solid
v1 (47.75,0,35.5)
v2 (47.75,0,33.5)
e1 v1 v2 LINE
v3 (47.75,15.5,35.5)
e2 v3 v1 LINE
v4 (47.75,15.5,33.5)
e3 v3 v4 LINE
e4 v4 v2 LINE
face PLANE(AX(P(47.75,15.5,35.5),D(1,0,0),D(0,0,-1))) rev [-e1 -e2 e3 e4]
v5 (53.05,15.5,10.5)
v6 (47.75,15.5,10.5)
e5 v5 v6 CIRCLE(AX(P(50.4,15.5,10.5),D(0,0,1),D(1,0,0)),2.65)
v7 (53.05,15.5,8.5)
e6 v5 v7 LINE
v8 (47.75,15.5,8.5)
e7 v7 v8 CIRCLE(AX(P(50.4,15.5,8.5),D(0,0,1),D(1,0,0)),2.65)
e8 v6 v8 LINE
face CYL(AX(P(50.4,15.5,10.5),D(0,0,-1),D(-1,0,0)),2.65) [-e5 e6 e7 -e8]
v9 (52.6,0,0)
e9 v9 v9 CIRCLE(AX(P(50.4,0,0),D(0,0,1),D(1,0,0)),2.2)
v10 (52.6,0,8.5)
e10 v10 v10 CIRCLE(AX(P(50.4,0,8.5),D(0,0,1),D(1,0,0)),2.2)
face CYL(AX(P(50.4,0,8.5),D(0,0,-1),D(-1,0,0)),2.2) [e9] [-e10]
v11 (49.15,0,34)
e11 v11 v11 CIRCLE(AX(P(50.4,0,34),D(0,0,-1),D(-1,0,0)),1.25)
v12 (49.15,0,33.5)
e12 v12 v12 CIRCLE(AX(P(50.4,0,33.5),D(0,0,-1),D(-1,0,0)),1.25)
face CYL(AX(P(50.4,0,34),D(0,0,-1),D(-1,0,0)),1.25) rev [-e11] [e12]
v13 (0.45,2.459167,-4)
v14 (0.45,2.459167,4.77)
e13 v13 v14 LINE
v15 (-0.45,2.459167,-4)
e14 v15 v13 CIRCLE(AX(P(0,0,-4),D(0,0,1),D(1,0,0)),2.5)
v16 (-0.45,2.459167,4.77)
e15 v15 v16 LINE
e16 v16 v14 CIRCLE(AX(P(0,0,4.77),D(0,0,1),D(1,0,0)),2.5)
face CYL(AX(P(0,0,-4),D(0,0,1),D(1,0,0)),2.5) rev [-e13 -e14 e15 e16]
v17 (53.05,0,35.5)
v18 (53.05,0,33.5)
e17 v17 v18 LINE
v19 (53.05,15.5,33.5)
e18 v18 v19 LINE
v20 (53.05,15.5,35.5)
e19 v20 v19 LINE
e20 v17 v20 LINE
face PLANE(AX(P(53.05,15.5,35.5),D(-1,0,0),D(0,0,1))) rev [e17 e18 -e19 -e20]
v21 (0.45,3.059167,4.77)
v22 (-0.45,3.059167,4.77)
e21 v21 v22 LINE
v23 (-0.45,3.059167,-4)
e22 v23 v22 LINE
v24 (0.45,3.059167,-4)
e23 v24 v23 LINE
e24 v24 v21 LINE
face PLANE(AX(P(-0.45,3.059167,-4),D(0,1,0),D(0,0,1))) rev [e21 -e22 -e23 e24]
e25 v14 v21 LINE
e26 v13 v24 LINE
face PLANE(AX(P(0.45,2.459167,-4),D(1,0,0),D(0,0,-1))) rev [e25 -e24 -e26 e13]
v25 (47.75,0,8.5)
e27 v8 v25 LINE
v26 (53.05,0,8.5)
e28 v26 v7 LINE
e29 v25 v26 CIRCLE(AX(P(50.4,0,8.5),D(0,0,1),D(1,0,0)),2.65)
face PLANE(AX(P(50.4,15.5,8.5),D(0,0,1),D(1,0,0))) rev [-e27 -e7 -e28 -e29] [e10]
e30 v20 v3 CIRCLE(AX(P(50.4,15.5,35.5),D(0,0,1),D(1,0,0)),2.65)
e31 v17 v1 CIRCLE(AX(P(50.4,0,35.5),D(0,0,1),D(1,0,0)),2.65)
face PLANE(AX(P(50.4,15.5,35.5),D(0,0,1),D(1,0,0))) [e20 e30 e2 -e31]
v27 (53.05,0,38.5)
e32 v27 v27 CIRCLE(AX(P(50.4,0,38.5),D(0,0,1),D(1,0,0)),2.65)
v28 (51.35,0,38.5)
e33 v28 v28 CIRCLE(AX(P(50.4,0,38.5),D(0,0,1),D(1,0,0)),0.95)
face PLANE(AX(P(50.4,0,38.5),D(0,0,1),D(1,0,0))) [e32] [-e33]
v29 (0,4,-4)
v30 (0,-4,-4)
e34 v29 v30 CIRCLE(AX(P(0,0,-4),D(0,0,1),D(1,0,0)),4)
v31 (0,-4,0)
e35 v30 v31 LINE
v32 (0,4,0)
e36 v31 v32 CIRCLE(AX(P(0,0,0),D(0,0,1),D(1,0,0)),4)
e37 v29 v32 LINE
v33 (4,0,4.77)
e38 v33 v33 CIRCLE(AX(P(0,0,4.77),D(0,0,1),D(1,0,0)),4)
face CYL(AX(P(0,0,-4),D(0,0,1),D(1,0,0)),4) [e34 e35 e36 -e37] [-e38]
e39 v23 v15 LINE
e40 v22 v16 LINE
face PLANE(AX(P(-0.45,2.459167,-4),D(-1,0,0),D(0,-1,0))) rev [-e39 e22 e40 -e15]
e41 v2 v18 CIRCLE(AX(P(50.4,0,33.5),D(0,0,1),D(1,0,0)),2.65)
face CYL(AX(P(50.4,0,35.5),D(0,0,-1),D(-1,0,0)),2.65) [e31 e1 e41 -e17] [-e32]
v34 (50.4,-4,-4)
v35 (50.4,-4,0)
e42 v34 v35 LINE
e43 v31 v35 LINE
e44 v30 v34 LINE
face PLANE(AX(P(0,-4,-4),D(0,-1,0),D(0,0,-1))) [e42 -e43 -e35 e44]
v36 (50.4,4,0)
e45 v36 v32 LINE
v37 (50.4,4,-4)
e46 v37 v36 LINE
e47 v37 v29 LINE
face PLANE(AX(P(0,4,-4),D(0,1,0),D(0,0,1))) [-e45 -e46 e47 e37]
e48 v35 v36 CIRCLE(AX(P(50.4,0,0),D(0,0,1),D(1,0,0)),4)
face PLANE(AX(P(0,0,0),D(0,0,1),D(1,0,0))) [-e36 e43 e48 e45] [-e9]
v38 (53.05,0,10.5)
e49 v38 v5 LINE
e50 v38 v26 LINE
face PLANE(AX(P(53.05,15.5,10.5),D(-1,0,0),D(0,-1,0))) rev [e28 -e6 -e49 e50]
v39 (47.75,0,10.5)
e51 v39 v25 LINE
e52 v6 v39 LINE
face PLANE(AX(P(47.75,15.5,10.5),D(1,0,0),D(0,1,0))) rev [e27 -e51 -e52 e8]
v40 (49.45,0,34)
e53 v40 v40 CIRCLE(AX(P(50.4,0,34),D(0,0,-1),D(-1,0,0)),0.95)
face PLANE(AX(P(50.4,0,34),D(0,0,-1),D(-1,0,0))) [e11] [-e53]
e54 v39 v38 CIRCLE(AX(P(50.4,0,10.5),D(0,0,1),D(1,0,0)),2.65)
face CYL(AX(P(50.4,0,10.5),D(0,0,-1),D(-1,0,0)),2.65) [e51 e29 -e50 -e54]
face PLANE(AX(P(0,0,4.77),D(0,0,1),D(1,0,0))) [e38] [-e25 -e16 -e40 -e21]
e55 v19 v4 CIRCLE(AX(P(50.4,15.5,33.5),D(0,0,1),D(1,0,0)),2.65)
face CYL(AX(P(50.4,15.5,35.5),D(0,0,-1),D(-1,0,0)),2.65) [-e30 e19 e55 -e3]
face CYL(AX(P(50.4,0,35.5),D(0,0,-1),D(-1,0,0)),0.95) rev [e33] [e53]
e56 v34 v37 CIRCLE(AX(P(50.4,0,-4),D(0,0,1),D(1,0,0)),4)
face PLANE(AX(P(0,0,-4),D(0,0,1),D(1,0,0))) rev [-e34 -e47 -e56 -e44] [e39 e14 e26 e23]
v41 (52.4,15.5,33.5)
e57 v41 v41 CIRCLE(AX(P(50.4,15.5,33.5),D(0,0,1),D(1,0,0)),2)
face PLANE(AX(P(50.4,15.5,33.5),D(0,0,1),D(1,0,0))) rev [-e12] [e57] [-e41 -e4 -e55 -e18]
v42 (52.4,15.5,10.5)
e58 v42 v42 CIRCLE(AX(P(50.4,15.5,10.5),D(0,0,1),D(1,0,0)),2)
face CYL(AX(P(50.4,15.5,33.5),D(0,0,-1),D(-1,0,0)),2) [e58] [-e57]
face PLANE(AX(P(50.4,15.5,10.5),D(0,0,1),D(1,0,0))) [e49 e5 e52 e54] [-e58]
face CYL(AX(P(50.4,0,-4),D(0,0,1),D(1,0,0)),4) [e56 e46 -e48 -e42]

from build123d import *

# Parameters (mm, degrees)
SALIENTE_EXTRUIR1_DEPTH = 4
SALIENTE_EXTRUIR2_START = 4.77
CROQUIS2_R              = 4
SALIENTE_EXTRUIR2_DEPTH = 4.77
CROQUIS3_R              = 2.2
SALIENTE_EXTRUIR3_DEPTH = 8.5
SALIENTE_EXTRUIR4_DEPTH = 2
CROQUIS5_R              = 2
SALIENTE_EXTRUIR5_DEPTH = 23
CROQUIS6_R              = 0.95
SALIENTE_EXTRUIR6_DEPTH = 2
CROQUIS7_R              = 2.65
CROQUIS7_R_2            = 0.95
SALIENTE_EXTRUIR7_DEPTH = 3
CROQUIS8_R              = 1.25
CORTAR_EXTRUIR1_DEPTH   = 0.5


with BuildPart() as part:
    # Croquis1 → Saliente-Extruir1 (new body)
    with BuildSketch(Plane.XY):
        with BuildLine():
            Line((0, 4), (50.4, 4))
            ThreePointArc((50.4, 4), (54.4, 0), (50.4, -4))
            Line((50.4, -4), (0, -4))
            ThreePointArc((0, -4), (-4, 0), (0, 4))
        make_face()
        with BuildLine():
            Line((-0.45, 2.459166525), (-0.45, 3.059166525))
            Line((-0.45, 3.059166525), (0.45, 3.059166525))
            Line((0.45, 3.059166525), (0.45, 2.459166525))
            ThreePointArc((0.45, 2.459166525), (0, -2.5), (-0.45, 2.459166525))
        make_face(mode=Mode.SUBTRACT)
    extrude(amount=-SALIENTE_EXTRUIR1_DEPTH)

    # Croquis2 → Saliente-Extruir2 (add)
    with BuildSketch(Plane.XY.offset(SALIENTE_EXTRUIR2_START)):
        Circle(CROQUIS2_R)
        with BuildLine():
            Line((-0.45, 3.059166525), (-0.45, 2.459166525))
            ThreePointArc((-0.45, 2.459166525), (0, -2.5), (0.45, 2.459166525))
            Line((0.45, 2.459166525), (0.45, 3.059166525))
            Line((0.45, 3.059166525), (-0.45, 3.059166525))
        make_face(mode=Mode.SUBTRACT)
    extrude(amount=-SALIENTE_EXTRUIR2_DEPTH)

    # Croquis3 → Saliente-Extruir3 (add)
    with BuildSketch(Plane.XY):
        with Locations((50.4, 0)):
            Circle(CROQUIS3_R)
    extrude(amount=SALIENTE_EXTRUIR3_DEPTH)

    # Croquis4 → Saliente-Extruir4 (add)
    with BuildSketch(Plane.XY.offset(8.5)):
        with BuildLine():
            Line((47.75, 15.5), (47.75, 0))
            ThreePointArc((47.75, 0), (50.4, -2.65), (53.05, 0))
            Line((53.05, 0), (53.05, 15.5))
            ThreePointArc((53.05, 15.5), (50.4, 18.15), (47.75, 15.5))
        make_face()
    extrude(amount=SALIENTE_EXTRUIR4_DEPTH)

    # Croquis5 → Saliente-Extruir5 (add)
    with BuildSketch(Plane.XY.offset(10.5)):
        with Locations((50.4, 15.5)):
            Circle(CROQUIS5_R)
    extrude(amount=SALIENTE_EXTRUIR5_DEPTH)

    # Croquis6 → Saliente-Extruir6 (add)
    with BuildSketch(Plane.XY.offset(33.5)):
        with BuildLine():
            Line((47.75, 15.5), (47.75, 0))
            ThreePointArc((47.75, 0), (50.4, -2.65), (53.05, 0))
            Line((53.05, 0), (53.05, 15.5))
            ThreePointArc((53.05, 15.5), (50.4, 18.15), (47.75, 15.5))
        make_face()
        with Locations((50.4, 0)):
            Circle(CROQUIS6_R, mode=Mode.SUBTRACT)
    extrude(amount=SALIENTE_EXTRUIR6_DEPTH)

    # Croquis7 → Saliente-Extruir7 (add)
    with BuildSketch(Plane.XY.offset(35.5)):
        with Locations((50.4, 0)):
            Circle(CROQUIS7_R)
        with Locations((50.4, 0)):
            Circle(CROQUIS7_R_2, mode=Mode.SUBTRACT)
    extrude(amount=SALIENTE_EXTRUIR7_DEPTH)

    # Croquis8 → Cortar-Extruir1 (cut)
    with BuildSketch(Plane(origin=(0, 0, 33.5), x_dir=(-1, 0, 0), z_dir=(0, 0, -1))):
        with Locations((-50.4, 0)):
            Circle(CROQUIS8_R)
    extrude(amount=-CORTAR_EXTRUIR1_DEPTH, mode=Mode.SUBTRACT)


solid = part.part
